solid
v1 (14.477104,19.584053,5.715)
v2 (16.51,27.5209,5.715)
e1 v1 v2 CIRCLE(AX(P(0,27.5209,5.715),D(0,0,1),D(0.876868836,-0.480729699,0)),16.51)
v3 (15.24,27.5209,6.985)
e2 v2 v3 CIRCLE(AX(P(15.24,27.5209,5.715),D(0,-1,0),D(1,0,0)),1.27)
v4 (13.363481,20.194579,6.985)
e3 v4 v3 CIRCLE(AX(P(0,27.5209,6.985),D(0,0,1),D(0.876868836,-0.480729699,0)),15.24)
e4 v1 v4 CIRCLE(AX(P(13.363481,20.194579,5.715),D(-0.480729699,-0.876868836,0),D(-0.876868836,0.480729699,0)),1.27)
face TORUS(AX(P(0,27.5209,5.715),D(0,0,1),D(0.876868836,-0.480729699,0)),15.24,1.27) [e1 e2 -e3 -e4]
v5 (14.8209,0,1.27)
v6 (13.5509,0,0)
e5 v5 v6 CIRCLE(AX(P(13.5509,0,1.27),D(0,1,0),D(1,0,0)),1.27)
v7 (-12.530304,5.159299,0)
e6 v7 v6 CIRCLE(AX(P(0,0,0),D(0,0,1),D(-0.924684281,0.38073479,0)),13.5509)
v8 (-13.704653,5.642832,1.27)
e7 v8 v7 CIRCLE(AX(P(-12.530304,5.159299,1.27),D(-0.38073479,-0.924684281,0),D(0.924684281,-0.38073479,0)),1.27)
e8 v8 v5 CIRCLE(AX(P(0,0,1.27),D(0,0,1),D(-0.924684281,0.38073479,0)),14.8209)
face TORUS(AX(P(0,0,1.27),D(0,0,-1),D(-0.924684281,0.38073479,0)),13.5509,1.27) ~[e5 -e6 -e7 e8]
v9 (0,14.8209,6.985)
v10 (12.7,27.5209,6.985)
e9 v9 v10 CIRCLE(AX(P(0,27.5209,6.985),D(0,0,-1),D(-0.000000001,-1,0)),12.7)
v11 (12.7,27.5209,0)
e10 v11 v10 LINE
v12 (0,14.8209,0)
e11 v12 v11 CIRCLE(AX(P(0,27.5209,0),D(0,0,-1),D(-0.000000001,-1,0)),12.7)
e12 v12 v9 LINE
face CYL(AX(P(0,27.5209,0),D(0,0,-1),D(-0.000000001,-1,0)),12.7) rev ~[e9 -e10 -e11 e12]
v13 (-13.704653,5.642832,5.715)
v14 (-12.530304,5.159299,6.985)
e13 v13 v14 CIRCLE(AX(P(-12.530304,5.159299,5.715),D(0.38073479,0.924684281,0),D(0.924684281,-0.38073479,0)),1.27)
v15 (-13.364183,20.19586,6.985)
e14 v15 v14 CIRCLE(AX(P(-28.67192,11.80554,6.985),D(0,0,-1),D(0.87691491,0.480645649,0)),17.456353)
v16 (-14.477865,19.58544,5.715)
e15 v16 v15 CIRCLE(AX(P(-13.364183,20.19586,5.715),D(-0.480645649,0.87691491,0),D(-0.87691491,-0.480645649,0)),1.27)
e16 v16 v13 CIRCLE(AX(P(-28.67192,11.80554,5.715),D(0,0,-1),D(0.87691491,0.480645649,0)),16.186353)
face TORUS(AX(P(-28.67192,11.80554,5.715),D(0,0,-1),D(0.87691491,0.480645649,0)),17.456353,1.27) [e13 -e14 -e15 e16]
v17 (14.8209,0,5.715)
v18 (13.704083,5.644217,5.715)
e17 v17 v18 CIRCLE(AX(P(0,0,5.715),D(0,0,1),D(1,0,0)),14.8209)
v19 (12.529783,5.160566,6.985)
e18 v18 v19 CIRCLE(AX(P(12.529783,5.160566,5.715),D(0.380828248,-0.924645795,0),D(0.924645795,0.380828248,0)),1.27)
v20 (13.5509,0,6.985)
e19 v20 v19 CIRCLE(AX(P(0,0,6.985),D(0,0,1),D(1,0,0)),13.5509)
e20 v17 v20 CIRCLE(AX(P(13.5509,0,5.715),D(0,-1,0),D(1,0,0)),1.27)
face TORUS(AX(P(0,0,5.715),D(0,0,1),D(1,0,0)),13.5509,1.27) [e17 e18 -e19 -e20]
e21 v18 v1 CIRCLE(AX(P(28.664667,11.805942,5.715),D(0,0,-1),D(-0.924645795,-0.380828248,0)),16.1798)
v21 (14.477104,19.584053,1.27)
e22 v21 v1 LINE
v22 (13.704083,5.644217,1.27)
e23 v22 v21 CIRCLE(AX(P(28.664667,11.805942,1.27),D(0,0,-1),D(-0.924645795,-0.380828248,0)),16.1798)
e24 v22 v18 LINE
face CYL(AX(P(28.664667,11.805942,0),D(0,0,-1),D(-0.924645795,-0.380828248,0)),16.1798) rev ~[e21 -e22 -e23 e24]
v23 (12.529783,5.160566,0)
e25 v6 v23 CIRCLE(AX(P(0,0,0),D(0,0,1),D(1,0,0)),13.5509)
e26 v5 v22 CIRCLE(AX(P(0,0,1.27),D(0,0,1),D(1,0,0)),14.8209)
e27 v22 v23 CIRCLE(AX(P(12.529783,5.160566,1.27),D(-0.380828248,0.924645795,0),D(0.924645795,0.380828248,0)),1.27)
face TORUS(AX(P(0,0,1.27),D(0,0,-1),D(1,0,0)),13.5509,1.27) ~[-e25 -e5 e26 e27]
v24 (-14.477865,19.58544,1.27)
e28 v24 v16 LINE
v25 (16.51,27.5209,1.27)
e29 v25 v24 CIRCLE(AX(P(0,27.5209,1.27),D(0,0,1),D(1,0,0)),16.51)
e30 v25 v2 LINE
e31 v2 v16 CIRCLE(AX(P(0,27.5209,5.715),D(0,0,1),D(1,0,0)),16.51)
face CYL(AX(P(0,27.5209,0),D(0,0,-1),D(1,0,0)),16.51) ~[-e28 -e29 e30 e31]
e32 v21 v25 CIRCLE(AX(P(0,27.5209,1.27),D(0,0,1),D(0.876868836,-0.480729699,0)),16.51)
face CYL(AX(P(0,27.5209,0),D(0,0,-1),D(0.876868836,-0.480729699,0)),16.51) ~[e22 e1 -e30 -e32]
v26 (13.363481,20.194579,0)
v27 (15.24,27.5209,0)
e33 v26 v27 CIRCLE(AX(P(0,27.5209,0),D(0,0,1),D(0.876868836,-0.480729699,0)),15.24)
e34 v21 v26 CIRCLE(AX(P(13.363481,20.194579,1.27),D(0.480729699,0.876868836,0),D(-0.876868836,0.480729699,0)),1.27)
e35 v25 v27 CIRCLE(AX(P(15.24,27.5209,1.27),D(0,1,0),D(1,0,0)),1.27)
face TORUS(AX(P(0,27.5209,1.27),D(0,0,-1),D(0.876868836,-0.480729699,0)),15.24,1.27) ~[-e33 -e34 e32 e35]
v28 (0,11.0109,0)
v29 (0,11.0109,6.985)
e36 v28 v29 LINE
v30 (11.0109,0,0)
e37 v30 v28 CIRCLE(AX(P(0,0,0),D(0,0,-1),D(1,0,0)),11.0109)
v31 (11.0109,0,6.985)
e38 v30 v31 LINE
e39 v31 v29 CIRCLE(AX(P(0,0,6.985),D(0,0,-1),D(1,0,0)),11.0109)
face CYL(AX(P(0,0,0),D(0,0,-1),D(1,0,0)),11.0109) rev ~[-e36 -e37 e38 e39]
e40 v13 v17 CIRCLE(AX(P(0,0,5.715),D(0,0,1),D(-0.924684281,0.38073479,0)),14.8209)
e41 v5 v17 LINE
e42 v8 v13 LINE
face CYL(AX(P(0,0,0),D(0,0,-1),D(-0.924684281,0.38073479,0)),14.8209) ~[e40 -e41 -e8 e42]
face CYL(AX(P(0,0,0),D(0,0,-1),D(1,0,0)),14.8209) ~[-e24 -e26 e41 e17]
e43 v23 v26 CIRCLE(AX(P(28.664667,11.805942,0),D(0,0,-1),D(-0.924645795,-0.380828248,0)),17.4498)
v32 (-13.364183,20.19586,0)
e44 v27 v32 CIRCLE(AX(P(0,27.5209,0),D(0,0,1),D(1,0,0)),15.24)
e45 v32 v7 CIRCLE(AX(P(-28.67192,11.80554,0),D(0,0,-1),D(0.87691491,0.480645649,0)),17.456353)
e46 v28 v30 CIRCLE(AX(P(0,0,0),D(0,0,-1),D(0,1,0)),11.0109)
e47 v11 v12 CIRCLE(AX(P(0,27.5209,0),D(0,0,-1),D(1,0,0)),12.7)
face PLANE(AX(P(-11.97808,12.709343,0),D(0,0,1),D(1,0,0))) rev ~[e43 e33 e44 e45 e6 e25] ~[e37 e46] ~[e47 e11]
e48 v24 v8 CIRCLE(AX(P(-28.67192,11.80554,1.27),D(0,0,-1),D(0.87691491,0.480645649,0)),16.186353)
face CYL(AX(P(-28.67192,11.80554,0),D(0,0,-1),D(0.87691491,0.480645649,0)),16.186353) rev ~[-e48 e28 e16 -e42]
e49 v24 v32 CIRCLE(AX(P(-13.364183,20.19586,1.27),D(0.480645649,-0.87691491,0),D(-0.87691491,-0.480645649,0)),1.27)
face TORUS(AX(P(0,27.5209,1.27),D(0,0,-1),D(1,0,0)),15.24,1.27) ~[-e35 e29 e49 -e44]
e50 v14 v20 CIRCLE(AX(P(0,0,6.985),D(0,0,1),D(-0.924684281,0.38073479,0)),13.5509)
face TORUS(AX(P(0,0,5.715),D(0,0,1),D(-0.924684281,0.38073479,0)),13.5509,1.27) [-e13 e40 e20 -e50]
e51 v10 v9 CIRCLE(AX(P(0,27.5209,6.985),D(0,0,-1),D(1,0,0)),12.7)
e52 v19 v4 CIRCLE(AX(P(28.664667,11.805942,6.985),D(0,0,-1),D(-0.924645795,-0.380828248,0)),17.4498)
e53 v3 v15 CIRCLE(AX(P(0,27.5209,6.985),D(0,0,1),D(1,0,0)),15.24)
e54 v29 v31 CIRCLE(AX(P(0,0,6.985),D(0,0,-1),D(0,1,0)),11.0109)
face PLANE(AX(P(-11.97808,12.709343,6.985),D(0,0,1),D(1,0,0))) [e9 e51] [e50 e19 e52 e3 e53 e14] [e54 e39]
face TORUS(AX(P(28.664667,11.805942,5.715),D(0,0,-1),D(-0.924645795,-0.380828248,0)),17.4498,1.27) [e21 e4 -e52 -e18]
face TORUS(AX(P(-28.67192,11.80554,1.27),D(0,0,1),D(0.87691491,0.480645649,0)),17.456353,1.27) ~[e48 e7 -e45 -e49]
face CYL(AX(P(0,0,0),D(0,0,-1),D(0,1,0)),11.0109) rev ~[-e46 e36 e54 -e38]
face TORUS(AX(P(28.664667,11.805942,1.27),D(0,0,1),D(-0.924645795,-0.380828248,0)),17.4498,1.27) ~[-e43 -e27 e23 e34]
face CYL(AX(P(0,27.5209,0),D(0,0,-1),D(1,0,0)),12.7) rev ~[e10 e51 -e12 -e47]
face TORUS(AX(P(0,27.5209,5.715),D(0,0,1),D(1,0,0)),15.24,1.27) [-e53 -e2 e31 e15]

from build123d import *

# Parameters (mm, degrees)
F1_DEPTH = 6.985
F2_R     = 1.27


with BuildPart() as f1:
    # F0 (on Top) → F1 (new body)
    with BuildSketch(Plane.XY):
        with BuildLine():
            ThreePointArc((-13.7046532603, 5.6428322521), (-11.1770065001, 9.7331188478), (-7.4729632817, 12.7989802953))
            ThreePointArc((-7.4729632817, 12.7989802953), (-11.487981867, 15.6631441995), (-14.4778651692, 19.5854403319))
            ThreePointArc((-14.4778651692, 19.5854403319), (-12.5103993427, 12.7018056629), (-13.7046532603, 5.6428322521))
        make_face()
        with BuildLine():
            ThreePointArc((14.4771044871, 19.5840526618), (11.4874135696, 15.6625936504), (7.4729632817, 12.7989802953))
            ThreePointArc((7.4729632817, 12.7989802953), (11.1765146122, 9.7336836774), (13.7040828571, 5.644217382))
            ThreePointArc((13.7040828571, 5.644217382), (12.5096874073, 12.7018028253), (14.4771044871, 19.5840526618))
        make_face()
        with BuildLine():
            ThreePointArc((7.4729632817, 12.7989802953), (3.8419529979, 11.4641413868), (0, 11.0109))
            ThreePointArc((0, 11.0109), (-3.8419529979, 11.4641413868), (-7.4729632817, 12.7989802953))
            ThreePointArc((-7.4729632817, 12.7989802953), (-11.1770065001, 9.7331188478), (-13.7046532603, 5.6428322521))
            ThreePointArc((-13.7046532603, 5.6428322521), (-2.8760894722, -14.5391604351), (14.8209, 0))
            ThreePointArc((14.8209, 0), (14.5390150703, 2.8768242207), (13.7040828571, 5.644217382))
            ThreePointArc((13.7040828571, 5.644217382), (11.1765146122, 9.7336836774), (7.4729632817, 12.7989802953))
        make_face()
        with BuildLine():
            ThreePointArc((0, 11.0109), (7.785882057, 7.785882057), (11.0109, 0))
            ThreePointArc((11.0109, 0), (-7.785882057, -7.785882057), (0, 11.0109))
        make_face(mode=Mode.SUBTRACT)
        with BuildLine():
            ThreePointArc((-7.4729632817, 12.7989802953), (-3.8708312936, 14.3064929982), (-7.5e-09, 14.8209))
            ThreePointArc((-7.5e-09, 14.8209), (3.8708312864, 14.3064930001), (7.4729632817, 12.7989802953))
            ThreePointArc((7.4729632817, 12.7989802953), (11.4874135696, 15.6625936504), (14.4771044871, 19.5840526618))
            ThreePointArc((14.4771044871, 19.5840526618), (15.9937033717, 23.4243706813), (16.51, 27.5209))
            ThreePointArc((16.51, 27.5209), (-4.095762814, 43.5147996799), (-14.4778651692, 19.5854403319))
            ThreePointArc((-14.4778651692, 19.5854403319), (-11.487981867, 15.6631441995), (-7.4729632817, 12.7989802953))
        make_face()
        with BuildLine():
            ThreePointArc((12.7, 27.5209), (8.9802561184, 18.5406438763), (-7.5e-09, 14.8209))
            ThreePointArc((-7.5e-09, 14.8209), (-8.9802561184, 36.5011561237), (12.7, 27.5209))
        make_face(mode=Mode.SUBTRACT)
        with BuildLine():
            Line((0, 14.8209), (0, 11.0109))
            ThreePointArc((0, 11.0109), (3.8419529979, 11.4641413868), (7.4729632817, 12.7989802953))
            ThreePointArc((7.4729632817, 12.7989802953), (3.8708312864, 14.3064930001), (-7.5e-09, 14.8209))
        make_face()
        with BuildLine():
            ThreePointArc((-7.4729632817, 12.7989802953), (-3.8419529979, 11.4641413868), (0, 11.0109))
            Line((0, 11.0109), (0, 14.8209))
            ThreePointArc((-7.5e-09, 14.8209), (-3.8708312936, 14.3064929982), (-7.4729632817, 12.7989802953))
        make_face()
    extrude(amount=F1_DEPTH)

    # F2
    f2_edges = [f1.edges().sort_by_distance(p)[0] for p in [
        (0.000791, 44.0309, 6.985),
        (0.000791, 44.0309, 0),
    ]]
    fillet(f2_edges, radius=F2_R)


solid = f1.part
